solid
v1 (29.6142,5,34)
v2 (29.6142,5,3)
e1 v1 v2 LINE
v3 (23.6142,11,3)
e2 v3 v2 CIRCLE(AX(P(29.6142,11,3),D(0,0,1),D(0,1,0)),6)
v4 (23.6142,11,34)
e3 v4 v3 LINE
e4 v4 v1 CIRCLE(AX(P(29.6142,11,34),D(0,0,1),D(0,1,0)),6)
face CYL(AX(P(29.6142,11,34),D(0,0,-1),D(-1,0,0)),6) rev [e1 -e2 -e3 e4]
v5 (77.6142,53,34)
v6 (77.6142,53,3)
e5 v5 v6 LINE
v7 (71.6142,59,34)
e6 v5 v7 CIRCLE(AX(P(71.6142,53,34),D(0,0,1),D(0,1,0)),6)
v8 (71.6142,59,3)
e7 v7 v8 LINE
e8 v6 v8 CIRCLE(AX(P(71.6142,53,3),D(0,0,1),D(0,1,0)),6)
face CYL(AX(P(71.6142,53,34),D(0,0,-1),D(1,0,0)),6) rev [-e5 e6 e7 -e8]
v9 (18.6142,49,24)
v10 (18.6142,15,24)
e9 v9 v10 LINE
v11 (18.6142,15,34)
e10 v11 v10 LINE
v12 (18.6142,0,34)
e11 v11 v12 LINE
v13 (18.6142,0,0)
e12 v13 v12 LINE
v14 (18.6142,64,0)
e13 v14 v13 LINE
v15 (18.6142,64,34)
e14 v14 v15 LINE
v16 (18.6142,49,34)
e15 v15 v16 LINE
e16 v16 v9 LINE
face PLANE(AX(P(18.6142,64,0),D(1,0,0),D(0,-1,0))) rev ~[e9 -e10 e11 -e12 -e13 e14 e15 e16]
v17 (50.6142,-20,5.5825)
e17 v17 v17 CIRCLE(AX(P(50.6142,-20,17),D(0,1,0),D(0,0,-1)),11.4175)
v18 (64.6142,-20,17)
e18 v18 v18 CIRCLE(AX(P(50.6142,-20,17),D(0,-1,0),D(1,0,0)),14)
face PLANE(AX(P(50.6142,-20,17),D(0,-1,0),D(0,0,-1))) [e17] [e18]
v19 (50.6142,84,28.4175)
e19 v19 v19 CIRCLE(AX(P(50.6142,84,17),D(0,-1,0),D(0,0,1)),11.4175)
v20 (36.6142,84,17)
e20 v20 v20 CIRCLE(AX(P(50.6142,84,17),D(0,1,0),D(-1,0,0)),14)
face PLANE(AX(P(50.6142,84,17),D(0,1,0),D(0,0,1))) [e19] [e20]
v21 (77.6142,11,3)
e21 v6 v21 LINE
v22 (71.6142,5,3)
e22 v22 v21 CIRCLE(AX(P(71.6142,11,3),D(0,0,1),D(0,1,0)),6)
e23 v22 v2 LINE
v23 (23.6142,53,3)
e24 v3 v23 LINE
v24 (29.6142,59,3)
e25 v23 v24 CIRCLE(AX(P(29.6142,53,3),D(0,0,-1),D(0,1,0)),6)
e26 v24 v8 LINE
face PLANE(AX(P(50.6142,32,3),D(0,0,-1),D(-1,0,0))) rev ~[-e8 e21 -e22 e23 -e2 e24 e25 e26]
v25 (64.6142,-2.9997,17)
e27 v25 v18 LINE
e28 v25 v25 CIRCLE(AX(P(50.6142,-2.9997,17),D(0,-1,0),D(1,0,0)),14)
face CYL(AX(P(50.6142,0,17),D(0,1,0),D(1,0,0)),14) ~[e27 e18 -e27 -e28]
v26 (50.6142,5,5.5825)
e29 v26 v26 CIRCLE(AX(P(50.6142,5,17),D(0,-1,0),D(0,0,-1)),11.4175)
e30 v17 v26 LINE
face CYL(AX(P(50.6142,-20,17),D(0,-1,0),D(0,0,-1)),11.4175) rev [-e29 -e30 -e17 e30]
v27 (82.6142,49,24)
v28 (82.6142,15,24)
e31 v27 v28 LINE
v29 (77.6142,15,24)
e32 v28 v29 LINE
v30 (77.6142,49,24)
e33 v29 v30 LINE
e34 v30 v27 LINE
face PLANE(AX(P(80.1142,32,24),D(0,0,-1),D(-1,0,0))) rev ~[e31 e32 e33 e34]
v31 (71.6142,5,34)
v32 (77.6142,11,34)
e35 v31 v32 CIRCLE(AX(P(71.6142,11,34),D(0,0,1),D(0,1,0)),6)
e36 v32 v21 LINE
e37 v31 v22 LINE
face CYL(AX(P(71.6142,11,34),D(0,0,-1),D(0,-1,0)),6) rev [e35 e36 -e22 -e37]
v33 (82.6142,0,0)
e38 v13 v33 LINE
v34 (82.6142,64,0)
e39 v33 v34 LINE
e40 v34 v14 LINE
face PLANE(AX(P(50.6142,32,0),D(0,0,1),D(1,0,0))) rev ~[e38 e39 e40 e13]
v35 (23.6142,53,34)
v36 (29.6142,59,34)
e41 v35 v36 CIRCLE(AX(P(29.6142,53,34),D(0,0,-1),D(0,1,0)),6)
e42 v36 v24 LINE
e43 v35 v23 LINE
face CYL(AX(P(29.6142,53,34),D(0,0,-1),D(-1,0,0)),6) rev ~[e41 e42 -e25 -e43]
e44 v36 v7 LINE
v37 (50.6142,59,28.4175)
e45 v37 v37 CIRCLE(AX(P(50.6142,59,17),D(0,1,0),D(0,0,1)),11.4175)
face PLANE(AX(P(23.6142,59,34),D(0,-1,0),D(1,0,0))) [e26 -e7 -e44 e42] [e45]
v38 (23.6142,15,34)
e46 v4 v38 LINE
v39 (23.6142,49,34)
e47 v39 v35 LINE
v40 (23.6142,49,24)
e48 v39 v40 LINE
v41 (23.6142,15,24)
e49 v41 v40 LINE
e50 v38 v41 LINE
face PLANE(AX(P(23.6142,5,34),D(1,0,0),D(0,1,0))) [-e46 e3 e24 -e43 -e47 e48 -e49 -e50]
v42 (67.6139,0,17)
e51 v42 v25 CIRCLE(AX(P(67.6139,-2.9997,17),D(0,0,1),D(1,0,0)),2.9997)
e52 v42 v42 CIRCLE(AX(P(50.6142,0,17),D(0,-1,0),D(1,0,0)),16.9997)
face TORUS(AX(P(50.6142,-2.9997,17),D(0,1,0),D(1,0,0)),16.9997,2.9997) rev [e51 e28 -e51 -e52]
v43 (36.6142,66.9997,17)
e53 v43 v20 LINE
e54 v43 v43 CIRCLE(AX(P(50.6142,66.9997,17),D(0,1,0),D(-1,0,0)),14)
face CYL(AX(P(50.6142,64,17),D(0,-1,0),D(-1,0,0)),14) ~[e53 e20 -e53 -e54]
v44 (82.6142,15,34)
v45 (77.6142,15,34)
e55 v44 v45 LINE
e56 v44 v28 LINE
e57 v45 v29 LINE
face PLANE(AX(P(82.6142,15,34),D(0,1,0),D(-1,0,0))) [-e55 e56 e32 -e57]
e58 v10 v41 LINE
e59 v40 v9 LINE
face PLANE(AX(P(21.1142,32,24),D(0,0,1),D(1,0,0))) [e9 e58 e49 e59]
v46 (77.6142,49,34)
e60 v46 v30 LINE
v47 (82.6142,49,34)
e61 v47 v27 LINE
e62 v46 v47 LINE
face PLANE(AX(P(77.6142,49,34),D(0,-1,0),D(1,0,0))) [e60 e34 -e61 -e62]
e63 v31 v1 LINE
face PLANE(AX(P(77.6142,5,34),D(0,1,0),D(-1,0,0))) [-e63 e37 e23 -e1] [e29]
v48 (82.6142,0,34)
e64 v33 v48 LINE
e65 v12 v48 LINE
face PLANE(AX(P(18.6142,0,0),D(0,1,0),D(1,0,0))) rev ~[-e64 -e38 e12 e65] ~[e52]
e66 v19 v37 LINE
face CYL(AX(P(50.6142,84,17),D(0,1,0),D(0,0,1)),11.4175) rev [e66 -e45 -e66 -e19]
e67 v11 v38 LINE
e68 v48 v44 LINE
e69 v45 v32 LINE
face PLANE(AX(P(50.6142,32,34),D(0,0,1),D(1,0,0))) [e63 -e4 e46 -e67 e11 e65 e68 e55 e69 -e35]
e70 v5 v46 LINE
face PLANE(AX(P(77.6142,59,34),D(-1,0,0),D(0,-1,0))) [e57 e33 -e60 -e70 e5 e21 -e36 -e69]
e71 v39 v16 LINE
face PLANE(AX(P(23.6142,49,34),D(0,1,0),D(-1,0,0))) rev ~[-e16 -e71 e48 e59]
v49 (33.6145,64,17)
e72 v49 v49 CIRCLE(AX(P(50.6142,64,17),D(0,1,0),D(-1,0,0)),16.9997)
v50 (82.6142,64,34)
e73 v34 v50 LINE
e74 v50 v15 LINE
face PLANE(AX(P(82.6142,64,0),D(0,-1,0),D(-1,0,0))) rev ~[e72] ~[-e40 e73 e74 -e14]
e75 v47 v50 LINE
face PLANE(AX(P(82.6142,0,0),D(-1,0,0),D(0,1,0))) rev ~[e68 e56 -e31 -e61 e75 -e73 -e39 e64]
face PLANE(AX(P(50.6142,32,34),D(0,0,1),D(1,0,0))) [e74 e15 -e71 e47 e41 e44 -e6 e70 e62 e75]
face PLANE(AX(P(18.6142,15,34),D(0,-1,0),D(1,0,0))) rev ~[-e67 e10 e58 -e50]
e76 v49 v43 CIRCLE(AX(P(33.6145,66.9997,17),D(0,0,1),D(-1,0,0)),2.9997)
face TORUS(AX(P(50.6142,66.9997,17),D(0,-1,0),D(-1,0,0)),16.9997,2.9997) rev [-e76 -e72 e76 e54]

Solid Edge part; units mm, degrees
sketch "Sketch1" plane through (0, 0, 0) normal (0, 0, 1) x (1, 0, 0)
  line L0 (18.6142, 0) -> (82.6142, 0)
  line L1 (82.6142, 0) -> (82.6142, 64)
  line L2 (82.6142, 64) -> (18.6142, 64)
  line L3 (18.6142, 64) -> (18.6142, 0)
extrude "Protrusion1" add sketch "Sketch1" along normal blind 34
sketch "Sketch2" plane through (50.6142, 32, 34) normal (0, 0, 1) x (1, 0, 0)
  line L0 (-27, 27) -> (27, 27)
  line L1 (27, 27) -> (27, -27)
  line L2 (27, -27) -> (-27, -27)
  line L3 (-27, -27) -> (-27, 27)
  dimension "D1" = 5
  dimension "D2" = 5
  dimension "D3" = 54
  dimension "D4" = 5
  dimension "D5" = 5
extrude "ExtrudedCutout_1" cut sketch "Sketch2" against normal blind 31
sketch "Sketch3" plane through (50.6142, 32, 34) normal (0, 0, 1) x (0, 1, 0)
  line L0 (-17, 32) -> (-17, 27)
  line L1 (-17, 27) -> (17, 27)
  line L2 (17, 27) -> (17, 32)
  line L3 (17, 32) -> (-17, 32)
  line L4 (-17, -27) -> (17, -27)
  line L5 (17, -27) -> (17, -32)
  line L6 (17, -32) -> (-17, -32)
  line L7 (-17, -32) -> (-17, -27)
  dimension "D1" = 15
  dimension "D2" = 15
  dimension "D3" = 15
  dimension "D4" = 15
extrude "ExtrudedCutout_3" cut sketch "Sketch3" against normal blind 10
sketch "Sketch4" plane through (50.6142, 0, 17) normal (0, -1, 0) x (1, 0, 0)
  circle A0 centre (0, 0) radius 14
extrude "Protrusion2" add sketch "Sketch4" along normal blind 20
sketch "Sketch5" plane through (50.6142, 64, 17) normal (0, 1, 0) x (-1, 0, 0)
  circle A0 centre (0, 0) radius 14
extrude "ExtrudedProtrusion_3" add sketch "Sketch5" along normal blind 20
fillet "Round_1" radius 6 4 edges at (23.6142, 5, 18.5) (23.6142, 59, 18.5) (77.6142, 59, 18.5) (77.6142, 5, 18.5)
hole "Hole_4" at (50.6142, 84, 17) direction (0, -1, 0) diameter 22.835 end up to next thread major 25 thread length 6
hole "Hole_5" at (50.6142, -20, 17) direction (0, 1, 0) diameter 22.835 end up to next thread major 25 thread length 6
fillet "Round_2" radius 3 2 edges at (64.6142, 64, 17) (36.6142, 0, 17)
